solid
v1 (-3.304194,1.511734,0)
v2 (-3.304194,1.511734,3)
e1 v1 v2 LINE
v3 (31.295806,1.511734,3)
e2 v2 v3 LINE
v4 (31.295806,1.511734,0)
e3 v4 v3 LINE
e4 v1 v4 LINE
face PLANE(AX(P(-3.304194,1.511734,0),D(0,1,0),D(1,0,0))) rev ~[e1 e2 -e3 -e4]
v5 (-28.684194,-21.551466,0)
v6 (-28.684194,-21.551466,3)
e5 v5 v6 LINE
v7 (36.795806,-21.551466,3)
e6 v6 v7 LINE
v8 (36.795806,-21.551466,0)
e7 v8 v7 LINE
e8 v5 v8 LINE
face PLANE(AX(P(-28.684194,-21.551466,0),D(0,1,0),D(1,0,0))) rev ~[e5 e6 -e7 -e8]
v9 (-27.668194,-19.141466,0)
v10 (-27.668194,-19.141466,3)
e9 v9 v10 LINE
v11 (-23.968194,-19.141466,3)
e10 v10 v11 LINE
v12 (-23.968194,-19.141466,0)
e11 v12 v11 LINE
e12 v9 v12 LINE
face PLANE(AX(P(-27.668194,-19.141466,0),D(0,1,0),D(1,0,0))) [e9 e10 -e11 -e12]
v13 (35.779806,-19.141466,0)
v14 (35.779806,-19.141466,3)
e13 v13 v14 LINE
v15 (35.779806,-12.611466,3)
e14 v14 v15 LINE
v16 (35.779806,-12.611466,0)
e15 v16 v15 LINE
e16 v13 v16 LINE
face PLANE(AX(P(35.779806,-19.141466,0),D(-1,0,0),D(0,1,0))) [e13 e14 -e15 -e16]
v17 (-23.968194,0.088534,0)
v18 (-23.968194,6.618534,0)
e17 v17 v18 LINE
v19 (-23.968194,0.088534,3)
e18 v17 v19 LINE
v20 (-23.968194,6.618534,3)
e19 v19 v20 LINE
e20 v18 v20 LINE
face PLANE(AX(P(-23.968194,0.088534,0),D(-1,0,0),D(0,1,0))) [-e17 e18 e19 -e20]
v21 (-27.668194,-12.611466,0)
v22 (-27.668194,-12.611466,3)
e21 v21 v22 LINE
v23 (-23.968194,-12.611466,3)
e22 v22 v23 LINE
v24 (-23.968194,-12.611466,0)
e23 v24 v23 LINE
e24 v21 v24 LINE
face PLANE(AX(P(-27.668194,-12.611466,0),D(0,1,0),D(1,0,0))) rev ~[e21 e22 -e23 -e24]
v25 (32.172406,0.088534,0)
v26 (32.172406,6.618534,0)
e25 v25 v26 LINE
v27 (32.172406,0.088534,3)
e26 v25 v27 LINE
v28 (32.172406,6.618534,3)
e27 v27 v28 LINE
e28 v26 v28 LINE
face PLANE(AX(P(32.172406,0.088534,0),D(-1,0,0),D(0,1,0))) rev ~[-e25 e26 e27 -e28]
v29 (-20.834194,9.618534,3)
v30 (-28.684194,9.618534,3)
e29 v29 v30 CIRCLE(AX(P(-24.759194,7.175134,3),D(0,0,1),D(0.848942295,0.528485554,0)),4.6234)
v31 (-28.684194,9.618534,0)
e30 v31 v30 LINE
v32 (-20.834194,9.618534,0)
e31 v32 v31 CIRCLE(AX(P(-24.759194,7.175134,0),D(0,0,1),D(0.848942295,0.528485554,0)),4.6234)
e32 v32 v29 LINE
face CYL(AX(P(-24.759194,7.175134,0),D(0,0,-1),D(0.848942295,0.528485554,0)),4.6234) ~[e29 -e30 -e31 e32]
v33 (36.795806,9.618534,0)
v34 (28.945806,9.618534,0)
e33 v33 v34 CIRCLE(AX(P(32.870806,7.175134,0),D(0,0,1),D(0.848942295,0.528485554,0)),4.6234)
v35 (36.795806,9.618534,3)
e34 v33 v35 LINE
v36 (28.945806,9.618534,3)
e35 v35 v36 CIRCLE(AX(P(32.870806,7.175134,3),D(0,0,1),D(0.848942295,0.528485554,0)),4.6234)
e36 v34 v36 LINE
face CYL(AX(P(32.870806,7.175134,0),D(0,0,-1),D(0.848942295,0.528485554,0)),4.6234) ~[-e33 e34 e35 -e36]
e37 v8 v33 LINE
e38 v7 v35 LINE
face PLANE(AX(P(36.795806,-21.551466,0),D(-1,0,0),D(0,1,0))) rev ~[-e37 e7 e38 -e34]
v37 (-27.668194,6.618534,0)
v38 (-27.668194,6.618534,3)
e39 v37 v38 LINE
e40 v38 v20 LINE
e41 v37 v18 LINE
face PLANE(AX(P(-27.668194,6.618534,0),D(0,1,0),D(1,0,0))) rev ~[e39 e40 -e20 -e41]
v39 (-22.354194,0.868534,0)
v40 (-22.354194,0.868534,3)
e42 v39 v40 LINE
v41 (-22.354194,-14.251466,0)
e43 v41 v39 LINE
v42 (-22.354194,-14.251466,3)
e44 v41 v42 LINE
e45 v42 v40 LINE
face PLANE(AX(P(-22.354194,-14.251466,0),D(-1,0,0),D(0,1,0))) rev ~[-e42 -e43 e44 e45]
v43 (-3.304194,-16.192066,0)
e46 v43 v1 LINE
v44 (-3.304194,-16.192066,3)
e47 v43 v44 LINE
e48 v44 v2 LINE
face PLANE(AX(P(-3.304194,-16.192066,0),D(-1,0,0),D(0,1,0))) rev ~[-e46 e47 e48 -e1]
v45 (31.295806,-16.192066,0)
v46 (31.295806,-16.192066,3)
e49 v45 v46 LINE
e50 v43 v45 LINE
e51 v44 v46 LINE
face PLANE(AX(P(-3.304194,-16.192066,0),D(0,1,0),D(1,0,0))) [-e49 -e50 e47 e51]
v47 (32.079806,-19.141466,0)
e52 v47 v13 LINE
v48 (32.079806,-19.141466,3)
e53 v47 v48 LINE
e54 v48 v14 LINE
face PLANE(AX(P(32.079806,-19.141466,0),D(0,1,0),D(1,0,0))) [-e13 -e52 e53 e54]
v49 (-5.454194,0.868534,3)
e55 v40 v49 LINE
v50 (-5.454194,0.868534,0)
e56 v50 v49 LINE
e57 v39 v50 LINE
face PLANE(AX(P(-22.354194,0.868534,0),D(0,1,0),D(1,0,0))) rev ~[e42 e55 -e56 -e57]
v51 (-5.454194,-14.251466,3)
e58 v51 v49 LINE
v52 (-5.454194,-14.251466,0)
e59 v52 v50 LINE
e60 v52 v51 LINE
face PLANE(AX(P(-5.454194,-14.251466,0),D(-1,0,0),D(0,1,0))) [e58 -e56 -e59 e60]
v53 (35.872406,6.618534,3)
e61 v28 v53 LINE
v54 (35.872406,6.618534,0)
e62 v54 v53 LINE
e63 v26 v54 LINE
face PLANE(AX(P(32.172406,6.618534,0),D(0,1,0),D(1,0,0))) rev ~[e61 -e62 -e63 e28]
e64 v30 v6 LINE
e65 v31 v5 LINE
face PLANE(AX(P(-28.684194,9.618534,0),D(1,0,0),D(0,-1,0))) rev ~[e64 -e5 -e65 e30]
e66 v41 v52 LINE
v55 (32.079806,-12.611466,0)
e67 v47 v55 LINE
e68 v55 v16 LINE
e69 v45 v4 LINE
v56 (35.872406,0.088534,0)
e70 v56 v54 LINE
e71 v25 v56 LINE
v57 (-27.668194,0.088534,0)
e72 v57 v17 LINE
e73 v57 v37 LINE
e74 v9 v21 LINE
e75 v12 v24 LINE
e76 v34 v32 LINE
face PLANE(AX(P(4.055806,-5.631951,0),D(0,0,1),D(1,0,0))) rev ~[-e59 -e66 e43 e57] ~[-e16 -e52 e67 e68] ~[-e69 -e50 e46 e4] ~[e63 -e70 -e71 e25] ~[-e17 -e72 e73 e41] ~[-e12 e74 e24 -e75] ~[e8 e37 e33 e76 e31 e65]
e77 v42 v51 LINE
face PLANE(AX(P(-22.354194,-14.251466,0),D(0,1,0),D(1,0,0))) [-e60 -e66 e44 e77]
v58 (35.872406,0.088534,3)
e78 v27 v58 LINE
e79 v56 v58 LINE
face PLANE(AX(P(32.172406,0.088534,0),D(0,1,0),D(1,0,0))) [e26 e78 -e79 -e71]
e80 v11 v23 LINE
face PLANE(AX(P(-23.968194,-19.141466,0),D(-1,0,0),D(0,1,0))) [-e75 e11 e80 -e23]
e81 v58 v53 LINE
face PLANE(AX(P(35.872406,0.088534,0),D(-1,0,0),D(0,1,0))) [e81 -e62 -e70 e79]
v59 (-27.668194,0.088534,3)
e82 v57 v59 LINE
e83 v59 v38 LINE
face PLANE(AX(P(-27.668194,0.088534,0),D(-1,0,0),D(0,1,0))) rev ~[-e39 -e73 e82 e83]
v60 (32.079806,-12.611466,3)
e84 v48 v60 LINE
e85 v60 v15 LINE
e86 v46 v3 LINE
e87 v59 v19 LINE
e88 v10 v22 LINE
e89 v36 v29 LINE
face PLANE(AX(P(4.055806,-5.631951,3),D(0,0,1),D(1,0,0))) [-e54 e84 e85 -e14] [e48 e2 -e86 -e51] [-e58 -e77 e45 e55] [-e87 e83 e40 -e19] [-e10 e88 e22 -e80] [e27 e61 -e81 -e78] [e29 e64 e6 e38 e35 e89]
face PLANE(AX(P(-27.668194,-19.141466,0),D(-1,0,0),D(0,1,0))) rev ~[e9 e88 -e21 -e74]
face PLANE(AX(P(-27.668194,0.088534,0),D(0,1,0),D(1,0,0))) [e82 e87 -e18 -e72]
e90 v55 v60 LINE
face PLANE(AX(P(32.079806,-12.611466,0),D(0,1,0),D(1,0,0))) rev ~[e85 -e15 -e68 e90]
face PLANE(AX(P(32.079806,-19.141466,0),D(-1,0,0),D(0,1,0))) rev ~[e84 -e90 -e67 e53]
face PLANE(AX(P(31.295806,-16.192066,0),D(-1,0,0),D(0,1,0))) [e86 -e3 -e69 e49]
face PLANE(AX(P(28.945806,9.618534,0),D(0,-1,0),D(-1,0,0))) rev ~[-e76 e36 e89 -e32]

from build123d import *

# Parameters (mm, degrees)
F0_W     = 3.7
F0_H     = 6.53
F0_W_2   = 16.9
F0_H_2   = 15.12
F0_W_3   = 34.6
F0_H_3   = 17.7038
F1_DEPTH = 3


with BuildPart() as f1:
    # F0 (on Top) → F1 (new body)
    with BuildSketch(Plane.XY):
        with BuildLine():
            Line((-28.684194, 9.618534), (-28.684194, -21.551466))
            Line((-28.684194, -21.551466), (36.795806, -21.551466))
            Line((36.795806, -21.551466), (36.795806, 9.618534))
            ThreePointArc((36.795806, 9.618534), (32.870806, 11.798534), (28.945806, 9.618534))
            Line((28.945806, 9.618534), (-20.834194, 9.618534))
            ThreePointArc((-20.834194, 9.618534), (-24.759194, 11.798534), (-28.684194, 9.618534))
        make_face()
        with Locations((-25.818194, -15.876466)):
            Rectangle(F0_W, F0_H, mode=Mode.SUBTRACT)
        with Locations((-13.904194, -6.691466)):
            Rectangle(F0_W_2, F0_H_2, mode=Mode.SUBTRACT)
        with Locations((33.929806, -15.876466)):
            Rectangle(F0_W, F0_H, mode=Mode.SUBTRACT)
        with Locations((13.995806, -7.340166)):
            Rectangle(F0_W_3, F0_H_3, mode=Mode.SUBTRACT)
        with Locations((-25.818194, 3.353534)):
            Rectangle(F0_W, F0_H, mode=Mode.SUBTRACT)
        with Locations((34.022406, 3.353534)):
            Rectangle(F0_W, F0_H, mode=Mode.SUBTRACT)
    extrude(amount=F1_DEPTH)


solid = f1.part
